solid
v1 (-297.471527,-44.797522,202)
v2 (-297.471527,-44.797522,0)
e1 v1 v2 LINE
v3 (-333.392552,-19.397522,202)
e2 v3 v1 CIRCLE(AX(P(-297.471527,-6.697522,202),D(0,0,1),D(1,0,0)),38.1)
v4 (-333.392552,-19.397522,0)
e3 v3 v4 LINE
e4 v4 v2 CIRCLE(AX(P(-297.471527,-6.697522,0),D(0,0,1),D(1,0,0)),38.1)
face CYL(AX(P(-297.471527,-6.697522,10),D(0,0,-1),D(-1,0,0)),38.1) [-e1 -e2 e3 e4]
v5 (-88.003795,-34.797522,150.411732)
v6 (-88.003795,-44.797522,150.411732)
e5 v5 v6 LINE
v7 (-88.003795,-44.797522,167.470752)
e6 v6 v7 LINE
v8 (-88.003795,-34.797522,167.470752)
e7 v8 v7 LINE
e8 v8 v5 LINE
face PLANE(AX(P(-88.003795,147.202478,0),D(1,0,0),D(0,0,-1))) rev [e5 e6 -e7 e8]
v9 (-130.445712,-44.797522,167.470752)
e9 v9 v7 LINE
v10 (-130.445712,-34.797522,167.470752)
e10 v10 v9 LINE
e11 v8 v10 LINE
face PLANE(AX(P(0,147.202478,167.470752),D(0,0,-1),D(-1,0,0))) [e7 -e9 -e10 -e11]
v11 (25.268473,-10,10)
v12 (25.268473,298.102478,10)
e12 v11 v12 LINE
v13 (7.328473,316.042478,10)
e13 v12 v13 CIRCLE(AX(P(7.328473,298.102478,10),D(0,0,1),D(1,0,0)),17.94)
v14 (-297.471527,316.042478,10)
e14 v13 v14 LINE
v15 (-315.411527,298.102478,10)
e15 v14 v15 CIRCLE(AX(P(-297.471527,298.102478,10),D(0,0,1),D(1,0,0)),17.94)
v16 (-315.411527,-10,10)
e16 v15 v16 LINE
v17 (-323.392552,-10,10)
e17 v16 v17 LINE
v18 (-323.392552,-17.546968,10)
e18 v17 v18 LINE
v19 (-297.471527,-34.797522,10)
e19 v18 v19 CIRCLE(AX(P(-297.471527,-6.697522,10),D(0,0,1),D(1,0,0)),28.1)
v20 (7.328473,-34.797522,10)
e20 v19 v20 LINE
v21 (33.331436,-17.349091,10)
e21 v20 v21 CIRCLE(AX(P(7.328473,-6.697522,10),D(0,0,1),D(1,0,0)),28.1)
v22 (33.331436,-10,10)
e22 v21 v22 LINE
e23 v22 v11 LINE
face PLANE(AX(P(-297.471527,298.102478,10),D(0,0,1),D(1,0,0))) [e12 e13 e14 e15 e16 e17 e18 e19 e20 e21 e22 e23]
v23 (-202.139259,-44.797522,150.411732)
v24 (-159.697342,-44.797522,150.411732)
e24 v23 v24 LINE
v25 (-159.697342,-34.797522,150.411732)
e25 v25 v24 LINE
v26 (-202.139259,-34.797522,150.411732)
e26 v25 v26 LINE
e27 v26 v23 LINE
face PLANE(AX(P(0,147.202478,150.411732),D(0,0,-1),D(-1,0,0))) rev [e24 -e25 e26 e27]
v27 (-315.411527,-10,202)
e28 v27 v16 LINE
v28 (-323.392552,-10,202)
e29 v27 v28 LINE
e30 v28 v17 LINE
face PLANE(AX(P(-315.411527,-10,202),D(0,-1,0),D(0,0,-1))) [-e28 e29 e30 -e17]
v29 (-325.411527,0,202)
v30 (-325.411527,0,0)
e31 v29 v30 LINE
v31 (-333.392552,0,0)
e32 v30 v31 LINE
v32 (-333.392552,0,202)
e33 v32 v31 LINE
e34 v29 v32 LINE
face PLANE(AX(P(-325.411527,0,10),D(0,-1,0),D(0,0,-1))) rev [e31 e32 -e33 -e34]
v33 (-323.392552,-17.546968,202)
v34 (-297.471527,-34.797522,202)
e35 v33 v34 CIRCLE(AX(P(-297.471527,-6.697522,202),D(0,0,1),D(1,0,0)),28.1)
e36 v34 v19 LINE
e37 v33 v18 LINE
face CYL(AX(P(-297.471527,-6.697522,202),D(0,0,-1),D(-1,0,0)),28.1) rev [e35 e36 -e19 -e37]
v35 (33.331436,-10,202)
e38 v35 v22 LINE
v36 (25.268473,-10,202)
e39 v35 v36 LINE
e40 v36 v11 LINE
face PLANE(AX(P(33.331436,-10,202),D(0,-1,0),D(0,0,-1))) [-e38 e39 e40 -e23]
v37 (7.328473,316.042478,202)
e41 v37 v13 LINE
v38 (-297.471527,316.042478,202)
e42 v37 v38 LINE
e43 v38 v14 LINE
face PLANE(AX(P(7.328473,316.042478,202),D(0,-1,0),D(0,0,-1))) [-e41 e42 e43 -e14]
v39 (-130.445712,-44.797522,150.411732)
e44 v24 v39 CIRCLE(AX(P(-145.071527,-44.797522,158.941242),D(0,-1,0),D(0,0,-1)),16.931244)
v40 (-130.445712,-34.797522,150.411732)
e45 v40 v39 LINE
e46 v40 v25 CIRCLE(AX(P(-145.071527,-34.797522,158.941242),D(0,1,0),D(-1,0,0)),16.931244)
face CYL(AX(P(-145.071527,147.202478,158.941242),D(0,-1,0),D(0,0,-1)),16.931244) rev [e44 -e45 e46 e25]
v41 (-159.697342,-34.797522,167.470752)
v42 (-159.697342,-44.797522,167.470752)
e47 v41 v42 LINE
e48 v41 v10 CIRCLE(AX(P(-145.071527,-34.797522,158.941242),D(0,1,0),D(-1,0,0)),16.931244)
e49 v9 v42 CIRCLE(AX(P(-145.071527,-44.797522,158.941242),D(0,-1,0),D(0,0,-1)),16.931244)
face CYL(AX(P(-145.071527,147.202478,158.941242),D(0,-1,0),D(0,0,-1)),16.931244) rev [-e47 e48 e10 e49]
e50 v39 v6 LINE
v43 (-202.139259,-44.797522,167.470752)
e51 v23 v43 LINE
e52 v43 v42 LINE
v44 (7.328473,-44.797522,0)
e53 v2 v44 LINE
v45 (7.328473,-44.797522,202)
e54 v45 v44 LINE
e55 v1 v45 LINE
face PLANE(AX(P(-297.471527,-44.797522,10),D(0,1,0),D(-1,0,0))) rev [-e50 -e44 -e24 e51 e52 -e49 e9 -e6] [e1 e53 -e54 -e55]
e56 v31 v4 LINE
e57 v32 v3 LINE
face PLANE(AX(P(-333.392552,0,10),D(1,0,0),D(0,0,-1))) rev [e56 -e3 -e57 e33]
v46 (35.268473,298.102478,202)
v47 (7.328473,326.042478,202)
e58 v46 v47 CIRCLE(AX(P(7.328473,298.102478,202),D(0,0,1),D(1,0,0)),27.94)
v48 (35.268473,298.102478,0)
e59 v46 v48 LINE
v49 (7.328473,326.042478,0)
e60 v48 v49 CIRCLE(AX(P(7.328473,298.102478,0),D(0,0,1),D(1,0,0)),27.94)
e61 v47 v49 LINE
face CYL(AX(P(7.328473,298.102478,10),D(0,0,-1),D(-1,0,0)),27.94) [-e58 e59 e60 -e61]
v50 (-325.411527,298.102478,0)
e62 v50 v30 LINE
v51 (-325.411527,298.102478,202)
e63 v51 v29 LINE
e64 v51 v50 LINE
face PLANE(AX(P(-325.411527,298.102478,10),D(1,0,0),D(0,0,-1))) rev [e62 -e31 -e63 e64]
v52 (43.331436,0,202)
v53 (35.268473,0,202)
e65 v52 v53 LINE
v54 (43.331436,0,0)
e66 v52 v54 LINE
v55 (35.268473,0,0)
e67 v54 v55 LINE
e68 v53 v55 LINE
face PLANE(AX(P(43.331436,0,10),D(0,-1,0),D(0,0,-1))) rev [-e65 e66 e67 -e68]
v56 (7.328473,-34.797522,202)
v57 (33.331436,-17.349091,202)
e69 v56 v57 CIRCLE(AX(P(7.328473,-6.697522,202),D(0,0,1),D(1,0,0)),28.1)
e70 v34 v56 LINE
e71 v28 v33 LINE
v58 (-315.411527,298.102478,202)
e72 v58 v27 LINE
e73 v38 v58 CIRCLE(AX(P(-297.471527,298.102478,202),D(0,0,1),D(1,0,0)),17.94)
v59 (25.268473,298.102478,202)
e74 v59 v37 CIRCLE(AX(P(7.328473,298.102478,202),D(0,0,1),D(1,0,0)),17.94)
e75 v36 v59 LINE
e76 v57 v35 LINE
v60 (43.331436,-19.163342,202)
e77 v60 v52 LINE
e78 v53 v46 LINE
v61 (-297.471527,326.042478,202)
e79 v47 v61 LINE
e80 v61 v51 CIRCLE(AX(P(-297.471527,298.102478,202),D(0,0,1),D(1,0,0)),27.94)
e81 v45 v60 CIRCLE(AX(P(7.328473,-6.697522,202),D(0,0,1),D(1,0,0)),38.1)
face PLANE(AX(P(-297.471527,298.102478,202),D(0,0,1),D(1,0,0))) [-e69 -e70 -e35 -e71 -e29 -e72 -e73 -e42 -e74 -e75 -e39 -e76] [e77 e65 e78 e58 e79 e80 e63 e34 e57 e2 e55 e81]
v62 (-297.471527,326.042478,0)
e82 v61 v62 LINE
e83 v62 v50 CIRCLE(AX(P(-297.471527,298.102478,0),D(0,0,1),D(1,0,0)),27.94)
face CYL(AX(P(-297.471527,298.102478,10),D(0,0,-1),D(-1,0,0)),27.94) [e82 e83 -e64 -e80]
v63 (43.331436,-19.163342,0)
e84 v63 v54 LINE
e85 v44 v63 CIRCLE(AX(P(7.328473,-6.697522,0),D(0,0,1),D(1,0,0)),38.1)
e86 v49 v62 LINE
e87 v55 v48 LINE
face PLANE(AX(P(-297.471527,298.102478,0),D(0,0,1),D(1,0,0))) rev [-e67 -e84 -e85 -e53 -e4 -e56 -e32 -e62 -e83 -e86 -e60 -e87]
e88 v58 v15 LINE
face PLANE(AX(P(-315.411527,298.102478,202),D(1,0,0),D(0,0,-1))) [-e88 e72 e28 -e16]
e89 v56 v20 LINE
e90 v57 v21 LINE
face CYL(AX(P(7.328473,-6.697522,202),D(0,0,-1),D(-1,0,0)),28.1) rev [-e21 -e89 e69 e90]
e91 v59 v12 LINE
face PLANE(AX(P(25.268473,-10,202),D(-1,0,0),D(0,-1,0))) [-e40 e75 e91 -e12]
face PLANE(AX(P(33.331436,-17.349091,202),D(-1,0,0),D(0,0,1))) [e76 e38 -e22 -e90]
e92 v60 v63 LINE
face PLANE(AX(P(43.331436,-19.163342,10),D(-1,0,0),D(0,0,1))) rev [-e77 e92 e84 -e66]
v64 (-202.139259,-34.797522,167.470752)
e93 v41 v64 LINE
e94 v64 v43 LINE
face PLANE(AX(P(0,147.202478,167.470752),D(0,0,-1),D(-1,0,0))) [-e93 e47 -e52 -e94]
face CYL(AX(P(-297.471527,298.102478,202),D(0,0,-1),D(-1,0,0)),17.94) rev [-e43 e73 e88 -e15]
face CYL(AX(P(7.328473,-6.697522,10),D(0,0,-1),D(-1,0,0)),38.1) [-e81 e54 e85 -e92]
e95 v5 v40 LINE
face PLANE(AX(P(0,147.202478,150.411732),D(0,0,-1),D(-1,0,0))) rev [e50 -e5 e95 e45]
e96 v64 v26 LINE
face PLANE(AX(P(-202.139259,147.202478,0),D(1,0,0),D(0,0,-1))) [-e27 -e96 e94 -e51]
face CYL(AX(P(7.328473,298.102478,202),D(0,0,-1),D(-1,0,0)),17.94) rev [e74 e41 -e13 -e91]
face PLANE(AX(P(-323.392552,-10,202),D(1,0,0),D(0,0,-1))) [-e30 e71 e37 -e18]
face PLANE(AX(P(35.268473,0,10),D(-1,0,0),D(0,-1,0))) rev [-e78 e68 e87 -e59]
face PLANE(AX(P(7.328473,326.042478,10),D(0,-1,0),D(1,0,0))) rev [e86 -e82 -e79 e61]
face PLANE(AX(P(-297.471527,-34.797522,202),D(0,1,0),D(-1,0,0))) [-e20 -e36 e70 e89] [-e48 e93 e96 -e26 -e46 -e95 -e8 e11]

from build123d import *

# Parameters (mm, degrees)
BOSS_EXTRUDE1_DEPTH = 10
BOSS_EXTRUDE2_DEPTH = 192
CUT_EXTRUDE1_DEPTH  = 192


with BuildPart() as part:
    # Sketch1 → Boss-Extrude1 (new body)
    with BuildSketch(Plane.XY):
        with BuildLine():
            Line((-325.411527203, 298.102478214), (-325.411527203, 0))
            Line((-325.411527203, 0), (-333.392551687, 0))
            Line((-333.392551687, 0), (-333.392551687, -19.397521786))
            ThreePointArc((-333.392551687, -19.397521786), (-319.468572459, -37.806041519), (-297.471527203, -44.797521786))
            Line((-297.471527203, -44.797521786), (7.328472797, -44.797521786))
            ThreePointArc((7.328472797, -44.797521786), (29.426688427, -37.734255924), (43.331435707, -19.163341521))
            Line((43.331435707, -19.163341521), (43.331435707, 0))
            Line((43.331435707, 0), (35.268472797, 0))
            Line((35.268472797, 0), (35.268472797, 298.102478214))
            ThreePointArc((35.268472797, 298.102478214), (27.085036263, 317.859041681), (7.328472797, 326.042478214))
            Line((7.328472797, 326.042478214), (-297.471527203, 326.042478214))
            ThreePointArc((-297.471527203, 326.042478214), (-317.22809067, 317.859041681), (-325.411527203, 298.102478214))
        make_face()
    extrude(amount=BOSS_EXTRUDE1_DEPTH)

    # Sketch2 → Boss-Extrude2 (add)
    with BuildSketch(Plane.XY.offset(10)):
        with BuildLine():
            Line((-325.411527203, 298.102478214), (-325.411527203, 0))
            Line((-325.411527203, 0), (-333.392551687, 0))
            Line((-333.392551687, 0), (-333.392551687, -19.397521786))
            ThreePointArc((-333.392551687, -19.397521786), (-319.468572459, -37.806041519), (-297.471527203, -44.797521786))
            Line((-297.471527203, -44.797521786), (7.328472797, -44.797521786))
            ThreePointArc((7.328472797, -44.797521786), (29.426688427, -37.734255924), (43.331435707, -19.163341521))
            Line((43.331435707, -19.163341521), (43.331435707, 0))
            Line((43.331435707, 0), (35.268472797, 0))
            Line((35.268472797, 0), (35.268472797, 298.102478214))
            ThreePointArc((35.268472797, 298.102478214), (27.085036263, 317.859041681), (7.328472797, 326.042478214))
            Line((7.328472797, 326.042478214), (-297.471527203, 326.042478214))
            ThreePointArc((-297.471527203, 326.042478214), (-317.22809067, 317.859041681), (-325.411527203, 298.102478214))
        make_face()
        with BuildLine():
            Line((-315.411527203, 298.102478214), (-315.411527203, -10))
            Line((-315.411527203, -10), (-323.392551687, -10))
            Line((-323.392551687, -10), (-323.392551687, -17.546968301))
            ThreePointArc((-323.392551687, -17.546968301), (-313.039772977, -30.090677271), (-297.471527203, -34.797521786))
            Line((-297.471527203, -34.797521786), (7.328472797, -34.797521786))
            ThreePointArc((7.328472797, -34.797521786), (22.985754076, -30.031178656), (33.331435707, -17.349090679))
            Line((33.331435707, -17.349090679), (33.331435707, -10))
            Line((33.331435707, -10), (25.268472797, -10))
            Line((25.268472797, -10), (25.268472797, 298.102478214))
            ThreePointArc((25.268472797, 298.102478214), (20.013968451, 310.787973869), (7.328472797, 316.042478214))
            Line((7.328472797, 316.042478214), (-297.471527203, 316.042478214))
            ThreePointArc((-297.471527203, 316.042478214), (-310.157022858, 310.787973869), (-315.411527203, 298.102478214))
        make_face(mode=Mode.SUBTRACT)
    extrude(amount=BOSS_EXTRUDE2_DEPTH)

    # Sketch3 → Cut-Extrude1 (cut)
    with BuildSketch(Plane.XZ.offset(44.797521786)):
        with BuildLine():
            ThreePointArc((-130.445711932, 167.470752043), (-145.071527203, 175.87248582), (-159.697342474, 167.470752043))
            Line((-159.697342474, 167.470752043), (-130.445711932, 167.470752043))
        make_face()
        with BuildLine():
            ThreePointArc((-159.697342474, 167.470752043), (-162.002770822, 158.941242201), (-159.697342474, 150.411732359))
            Line((-159.697342474, 150.411732359), (-130.445711932, 150.411732359))
            ThreePointArc((-130.445711932, 150.411732359), (-128.72679943, 154.523450388), (-128.140283584, 158.941242201))
            ThreePointArc((-128.140283584, 158.941242201), (-128.72679943, 163.359034014), (-130.445711932, 167.470752043))
            Line((-130.445711932, 167.470752043), (-159.697342474, 167.470752043))
        make_face()
        with BuildLine():
            ThreePointArc((-128.140283584, 158.941242201), (-128.72679943, 154.523450388), (-130.445711932, 150.411732359))
            Line((-130.445711932, 150.411732359), (-88.003795491, 150.411732359))
            Line((-88.003795491, 150.411732359), (-88.003795491, 167.470752043))
            Line((-88.003795491, 167.470752043), (-130.445711932, 167.470752043))
            ThreePointArc((-130.445711932, 167.470752043), (-128.72679943, 163.359034014), (-128.140283584, 158.941242201))
        make_face()
        with BuildLine():
            Line((-202.139258915, 167.470752043), (-202.139258915, 150.411732359))
            Line((-202.139258915, 150.411732359), (-159.697342474, 150.411732359))
            ThreePointArc((-159.697342474, 150.411732359), (-162.002770822, 158.941242201), (-159.697342474, 167.470752043))
            Line((-159.697342474, 167.470752043), (-202.139258915, 167.470752043))
        make_face()
        with BuildLine():
            Line((-130.445711932, 150.411732359), (-159.697342474, 150.411732359))
            ThreePointArc((-159.697342474, 150.411732359), (-145.071527203, 142.009998582), (-130.445711932, 150.411732359))
        make_face()
    extrude(amount=-CUT_EXTRUDE1_DEPTH, mode=Mode.SUBTRACT)


solid = part.part
